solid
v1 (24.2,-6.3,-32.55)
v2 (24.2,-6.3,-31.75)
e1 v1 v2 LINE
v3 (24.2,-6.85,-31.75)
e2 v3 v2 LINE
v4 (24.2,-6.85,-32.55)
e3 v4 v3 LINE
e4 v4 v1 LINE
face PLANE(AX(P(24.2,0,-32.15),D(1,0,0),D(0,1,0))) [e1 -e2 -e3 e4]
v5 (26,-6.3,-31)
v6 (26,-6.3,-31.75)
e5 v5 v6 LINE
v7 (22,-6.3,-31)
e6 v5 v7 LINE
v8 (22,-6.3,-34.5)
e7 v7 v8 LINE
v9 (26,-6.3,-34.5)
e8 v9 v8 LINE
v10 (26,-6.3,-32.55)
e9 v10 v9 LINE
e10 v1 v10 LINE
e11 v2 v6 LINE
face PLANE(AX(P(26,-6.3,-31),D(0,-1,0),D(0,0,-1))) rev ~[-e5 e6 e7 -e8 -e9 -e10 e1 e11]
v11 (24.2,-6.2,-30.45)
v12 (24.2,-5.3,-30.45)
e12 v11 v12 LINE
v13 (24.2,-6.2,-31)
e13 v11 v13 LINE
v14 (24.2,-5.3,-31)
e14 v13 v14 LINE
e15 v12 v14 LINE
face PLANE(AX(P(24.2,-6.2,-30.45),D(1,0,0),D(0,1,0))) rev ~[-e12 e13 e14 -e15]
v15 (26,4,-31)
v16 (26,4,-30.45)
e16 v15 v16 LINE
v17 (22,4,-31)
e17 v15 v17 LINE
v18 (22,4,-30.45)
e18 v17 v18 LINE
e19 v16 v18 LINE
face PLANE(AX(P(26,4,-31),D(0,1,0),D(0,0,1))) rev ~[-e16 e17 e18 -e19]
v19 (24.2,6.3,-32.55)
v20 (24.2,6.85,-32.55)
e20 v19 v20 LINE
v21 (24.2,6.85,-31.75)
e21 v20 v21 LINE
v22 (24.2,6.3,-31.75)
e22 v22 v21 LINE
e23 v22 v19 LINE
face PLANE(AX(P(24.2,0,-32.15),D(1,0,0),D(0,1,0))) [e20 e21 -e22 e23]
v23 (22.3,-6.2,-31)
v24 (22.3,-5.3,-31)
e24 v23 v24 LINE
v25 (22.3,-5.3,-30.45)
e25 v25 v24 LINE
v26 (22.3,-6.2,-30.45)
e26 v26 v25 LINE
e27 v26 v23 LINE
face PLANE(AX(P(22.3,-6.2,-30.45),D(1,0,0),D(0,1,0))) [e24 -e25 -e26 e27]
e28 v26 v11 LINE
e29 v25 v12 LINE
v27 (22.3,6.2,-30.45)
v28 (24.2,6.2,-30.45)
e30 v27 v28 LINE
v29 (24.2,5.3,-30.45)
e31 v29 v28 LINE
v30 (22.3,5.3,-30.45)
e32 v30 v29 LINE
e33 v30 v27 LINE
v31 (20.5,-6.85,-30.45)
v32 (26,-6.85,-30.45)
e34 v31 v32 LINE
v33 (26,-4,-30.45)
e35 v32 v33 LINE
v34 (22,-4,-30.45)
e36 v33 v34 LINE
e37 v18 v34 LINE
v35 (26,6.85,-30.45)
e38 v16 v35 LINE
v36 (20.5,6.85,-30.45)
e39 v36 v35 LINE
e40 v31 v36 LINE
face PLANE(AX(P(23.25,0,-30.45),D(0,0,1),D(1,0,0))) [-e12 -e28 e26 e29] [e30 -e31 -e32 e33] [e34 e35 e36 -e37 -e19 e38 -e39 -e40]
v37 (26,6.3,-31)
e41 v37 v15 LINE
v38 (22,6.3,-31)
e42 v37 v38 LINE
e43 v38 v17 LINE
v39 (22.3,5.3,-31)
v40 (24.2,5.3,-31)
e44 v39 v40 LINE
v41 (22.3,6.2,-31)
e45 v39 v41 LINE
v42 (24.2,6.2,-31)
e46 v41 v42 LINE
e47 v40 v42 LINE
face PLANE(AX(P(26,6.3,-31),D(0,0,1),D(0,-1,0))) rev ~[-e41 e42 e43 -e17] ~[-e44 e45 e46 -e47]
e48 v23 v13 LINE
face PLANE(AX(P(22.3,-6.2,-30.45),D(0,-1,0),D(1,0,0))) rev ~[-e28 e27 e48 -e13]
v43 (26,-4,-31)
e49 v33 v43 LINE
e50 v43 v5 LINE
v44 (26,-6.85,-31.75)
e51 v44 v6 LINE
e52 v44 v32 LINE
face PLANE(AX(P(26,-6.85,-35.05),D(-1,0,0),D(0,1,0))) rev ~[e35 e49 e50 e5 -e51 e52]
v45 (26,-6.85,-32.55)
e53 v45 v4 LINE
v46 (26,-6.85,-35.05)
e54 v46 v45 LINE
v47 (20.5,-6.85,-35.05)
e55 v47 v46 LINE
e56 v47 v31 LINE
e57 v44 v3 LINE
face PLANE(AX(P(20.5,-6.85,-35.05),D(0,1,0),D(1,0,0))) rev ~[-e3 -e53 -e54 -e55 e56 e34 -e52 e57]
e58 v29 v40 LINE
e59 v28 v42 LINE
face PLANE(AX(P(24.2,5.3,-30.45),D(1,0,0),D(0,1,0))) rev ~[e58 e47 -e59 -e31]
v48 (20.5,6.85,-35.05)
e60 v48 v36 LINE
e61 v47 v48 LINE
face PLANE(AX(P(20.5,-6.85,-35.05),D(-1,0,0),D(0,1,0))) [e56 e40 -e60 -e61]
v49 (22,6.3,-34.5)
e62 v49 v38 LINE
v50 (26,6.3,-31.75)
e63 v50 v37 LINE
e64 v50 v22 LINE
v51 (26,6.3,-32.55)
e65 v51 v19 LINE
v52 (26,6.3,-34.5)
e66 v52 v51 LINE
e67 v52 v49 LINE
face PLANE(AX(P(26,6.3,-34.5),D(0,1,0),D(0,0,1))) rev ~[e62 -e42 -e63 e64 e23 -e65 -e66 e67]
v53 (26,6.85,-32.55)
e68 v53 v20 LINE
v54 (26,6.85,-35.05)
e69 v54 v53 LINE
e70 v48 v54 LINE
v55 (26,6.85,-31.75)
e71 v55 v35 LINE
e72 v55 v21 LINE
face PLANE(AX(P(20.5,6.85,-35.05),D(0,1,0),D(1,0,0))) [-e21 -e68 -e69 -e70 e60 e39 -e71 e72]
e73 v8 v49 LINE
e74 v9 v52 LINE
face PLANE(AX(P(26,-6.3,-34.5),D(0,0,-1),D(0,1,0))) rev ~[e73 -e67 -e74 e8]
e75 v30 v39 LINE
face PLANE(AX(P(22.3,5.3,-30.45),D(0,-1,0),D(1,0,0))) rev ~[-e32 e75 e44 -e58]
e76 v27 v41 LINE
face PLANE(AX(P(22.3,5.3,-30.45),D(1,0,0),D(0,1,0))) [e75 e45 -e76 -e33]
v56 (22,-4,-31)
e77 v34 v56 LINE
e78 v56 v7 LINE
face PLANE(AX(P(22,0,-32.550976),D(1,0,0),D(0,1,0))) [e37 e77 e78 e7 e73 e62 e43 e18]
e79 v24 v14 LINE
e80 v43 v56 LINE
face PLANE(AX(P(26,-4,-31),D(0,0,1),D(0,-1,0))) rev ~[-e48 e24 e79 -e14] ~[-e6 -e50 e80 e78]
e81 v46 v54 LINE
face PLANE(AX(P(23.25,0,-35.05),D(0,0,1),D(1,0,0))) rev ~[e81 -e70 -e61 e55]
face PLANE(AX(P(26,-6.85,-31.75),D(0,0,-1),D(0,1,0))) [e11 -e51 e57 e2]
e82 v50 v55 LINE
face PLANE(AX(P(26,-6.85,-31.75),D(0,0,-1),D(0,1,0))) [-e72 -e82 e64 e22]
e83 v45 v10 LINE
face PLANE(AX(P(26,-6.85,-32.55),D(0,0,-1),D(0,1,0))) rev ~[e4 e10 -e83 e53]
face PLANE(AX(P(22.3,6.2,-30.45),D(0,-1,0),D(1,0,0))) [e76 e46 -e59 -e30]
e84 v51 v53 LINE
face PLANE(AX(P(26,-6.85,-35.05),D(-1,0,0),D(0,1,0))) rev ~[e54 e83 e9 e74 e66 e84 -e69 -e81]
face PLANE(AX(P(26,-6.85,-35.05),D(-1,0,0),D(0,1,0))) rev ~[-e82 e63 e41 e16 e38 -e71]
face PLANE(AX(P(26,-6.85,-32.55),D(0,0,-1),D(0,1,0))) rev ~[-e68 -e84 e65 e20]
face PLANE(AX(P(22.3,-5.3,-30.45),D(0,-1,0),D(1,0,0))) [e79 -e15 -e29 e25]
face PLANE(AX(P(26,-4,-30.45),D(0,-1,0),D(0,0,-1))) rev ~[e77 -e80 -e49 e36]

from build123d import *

# Parameters (mm, degrees)
SKETCH016_W     = 5.5
SKETCH016_H     = 13.7
PAD006_DEPTH    = 4.6
POCKET007_DEPTH = 4
SKETCH018_W     = 13.7
SKETCH018_H     = 0.8
POCKET008_DEPTH = 1.8
SKETCH019_W     = 1.9
SKETCH019_H     = 0.9
POCKET009_DEPTH = 1


with BuildPart() as part:
    # Sketch016 → Pad006 (new body)
    with BuildSketch(Plane.XY):
        with Locations((-2.75, 0)):
            Rectangle(SKETCH016_W, SKETCH016_H)
    extrude(amount=PAD006_DEPTH)

    # Sketch017 → Pocket007 (cut)
    with BuildSketch(Plane.YZ):
        Polygon((-4, 4.6), (-4, 4.05), (-6.3, 4.05), (-6.3, 0.55), (6.3, 0.55), (6.3, 4.05), (4, 4.05), (4, 4.6), align=None)
    extrude(amount=-POCKET007_DEPTH, mode=Mode.SUBTRACT)

    # Sketch018 → Pocket008 (cut)
    with BuildSketch(Plane.YZ):
        with Locations((0, 2.9)):
            Rectangle(SKETCH018_W, SKETCH018_H)
    extrude(amount=-POCKET008_DEPTH, mode=Mode.SUBTRACT)

    # Sketch019 → Pocket009 (cut)
    with BuildSketch(Plane.XY.offset(4.6)):
        with Locations((-2.75, 5.75)):
            Rectangle(SKETCH019_W, SKETCH019_H)
        with Locations((-2.75, -5.75)):
            Rectangle(SKETCH019_W, SKETCH019_H)
    extrude(amount=-POCKET009_DEPTH, mode=Mode.SUBTRACT)


with BuildPart() as part_1:
    # Body008 placement: moved
    add(part.part.moved(Location((26, 0, -35.05))))


solid = part_1.part
